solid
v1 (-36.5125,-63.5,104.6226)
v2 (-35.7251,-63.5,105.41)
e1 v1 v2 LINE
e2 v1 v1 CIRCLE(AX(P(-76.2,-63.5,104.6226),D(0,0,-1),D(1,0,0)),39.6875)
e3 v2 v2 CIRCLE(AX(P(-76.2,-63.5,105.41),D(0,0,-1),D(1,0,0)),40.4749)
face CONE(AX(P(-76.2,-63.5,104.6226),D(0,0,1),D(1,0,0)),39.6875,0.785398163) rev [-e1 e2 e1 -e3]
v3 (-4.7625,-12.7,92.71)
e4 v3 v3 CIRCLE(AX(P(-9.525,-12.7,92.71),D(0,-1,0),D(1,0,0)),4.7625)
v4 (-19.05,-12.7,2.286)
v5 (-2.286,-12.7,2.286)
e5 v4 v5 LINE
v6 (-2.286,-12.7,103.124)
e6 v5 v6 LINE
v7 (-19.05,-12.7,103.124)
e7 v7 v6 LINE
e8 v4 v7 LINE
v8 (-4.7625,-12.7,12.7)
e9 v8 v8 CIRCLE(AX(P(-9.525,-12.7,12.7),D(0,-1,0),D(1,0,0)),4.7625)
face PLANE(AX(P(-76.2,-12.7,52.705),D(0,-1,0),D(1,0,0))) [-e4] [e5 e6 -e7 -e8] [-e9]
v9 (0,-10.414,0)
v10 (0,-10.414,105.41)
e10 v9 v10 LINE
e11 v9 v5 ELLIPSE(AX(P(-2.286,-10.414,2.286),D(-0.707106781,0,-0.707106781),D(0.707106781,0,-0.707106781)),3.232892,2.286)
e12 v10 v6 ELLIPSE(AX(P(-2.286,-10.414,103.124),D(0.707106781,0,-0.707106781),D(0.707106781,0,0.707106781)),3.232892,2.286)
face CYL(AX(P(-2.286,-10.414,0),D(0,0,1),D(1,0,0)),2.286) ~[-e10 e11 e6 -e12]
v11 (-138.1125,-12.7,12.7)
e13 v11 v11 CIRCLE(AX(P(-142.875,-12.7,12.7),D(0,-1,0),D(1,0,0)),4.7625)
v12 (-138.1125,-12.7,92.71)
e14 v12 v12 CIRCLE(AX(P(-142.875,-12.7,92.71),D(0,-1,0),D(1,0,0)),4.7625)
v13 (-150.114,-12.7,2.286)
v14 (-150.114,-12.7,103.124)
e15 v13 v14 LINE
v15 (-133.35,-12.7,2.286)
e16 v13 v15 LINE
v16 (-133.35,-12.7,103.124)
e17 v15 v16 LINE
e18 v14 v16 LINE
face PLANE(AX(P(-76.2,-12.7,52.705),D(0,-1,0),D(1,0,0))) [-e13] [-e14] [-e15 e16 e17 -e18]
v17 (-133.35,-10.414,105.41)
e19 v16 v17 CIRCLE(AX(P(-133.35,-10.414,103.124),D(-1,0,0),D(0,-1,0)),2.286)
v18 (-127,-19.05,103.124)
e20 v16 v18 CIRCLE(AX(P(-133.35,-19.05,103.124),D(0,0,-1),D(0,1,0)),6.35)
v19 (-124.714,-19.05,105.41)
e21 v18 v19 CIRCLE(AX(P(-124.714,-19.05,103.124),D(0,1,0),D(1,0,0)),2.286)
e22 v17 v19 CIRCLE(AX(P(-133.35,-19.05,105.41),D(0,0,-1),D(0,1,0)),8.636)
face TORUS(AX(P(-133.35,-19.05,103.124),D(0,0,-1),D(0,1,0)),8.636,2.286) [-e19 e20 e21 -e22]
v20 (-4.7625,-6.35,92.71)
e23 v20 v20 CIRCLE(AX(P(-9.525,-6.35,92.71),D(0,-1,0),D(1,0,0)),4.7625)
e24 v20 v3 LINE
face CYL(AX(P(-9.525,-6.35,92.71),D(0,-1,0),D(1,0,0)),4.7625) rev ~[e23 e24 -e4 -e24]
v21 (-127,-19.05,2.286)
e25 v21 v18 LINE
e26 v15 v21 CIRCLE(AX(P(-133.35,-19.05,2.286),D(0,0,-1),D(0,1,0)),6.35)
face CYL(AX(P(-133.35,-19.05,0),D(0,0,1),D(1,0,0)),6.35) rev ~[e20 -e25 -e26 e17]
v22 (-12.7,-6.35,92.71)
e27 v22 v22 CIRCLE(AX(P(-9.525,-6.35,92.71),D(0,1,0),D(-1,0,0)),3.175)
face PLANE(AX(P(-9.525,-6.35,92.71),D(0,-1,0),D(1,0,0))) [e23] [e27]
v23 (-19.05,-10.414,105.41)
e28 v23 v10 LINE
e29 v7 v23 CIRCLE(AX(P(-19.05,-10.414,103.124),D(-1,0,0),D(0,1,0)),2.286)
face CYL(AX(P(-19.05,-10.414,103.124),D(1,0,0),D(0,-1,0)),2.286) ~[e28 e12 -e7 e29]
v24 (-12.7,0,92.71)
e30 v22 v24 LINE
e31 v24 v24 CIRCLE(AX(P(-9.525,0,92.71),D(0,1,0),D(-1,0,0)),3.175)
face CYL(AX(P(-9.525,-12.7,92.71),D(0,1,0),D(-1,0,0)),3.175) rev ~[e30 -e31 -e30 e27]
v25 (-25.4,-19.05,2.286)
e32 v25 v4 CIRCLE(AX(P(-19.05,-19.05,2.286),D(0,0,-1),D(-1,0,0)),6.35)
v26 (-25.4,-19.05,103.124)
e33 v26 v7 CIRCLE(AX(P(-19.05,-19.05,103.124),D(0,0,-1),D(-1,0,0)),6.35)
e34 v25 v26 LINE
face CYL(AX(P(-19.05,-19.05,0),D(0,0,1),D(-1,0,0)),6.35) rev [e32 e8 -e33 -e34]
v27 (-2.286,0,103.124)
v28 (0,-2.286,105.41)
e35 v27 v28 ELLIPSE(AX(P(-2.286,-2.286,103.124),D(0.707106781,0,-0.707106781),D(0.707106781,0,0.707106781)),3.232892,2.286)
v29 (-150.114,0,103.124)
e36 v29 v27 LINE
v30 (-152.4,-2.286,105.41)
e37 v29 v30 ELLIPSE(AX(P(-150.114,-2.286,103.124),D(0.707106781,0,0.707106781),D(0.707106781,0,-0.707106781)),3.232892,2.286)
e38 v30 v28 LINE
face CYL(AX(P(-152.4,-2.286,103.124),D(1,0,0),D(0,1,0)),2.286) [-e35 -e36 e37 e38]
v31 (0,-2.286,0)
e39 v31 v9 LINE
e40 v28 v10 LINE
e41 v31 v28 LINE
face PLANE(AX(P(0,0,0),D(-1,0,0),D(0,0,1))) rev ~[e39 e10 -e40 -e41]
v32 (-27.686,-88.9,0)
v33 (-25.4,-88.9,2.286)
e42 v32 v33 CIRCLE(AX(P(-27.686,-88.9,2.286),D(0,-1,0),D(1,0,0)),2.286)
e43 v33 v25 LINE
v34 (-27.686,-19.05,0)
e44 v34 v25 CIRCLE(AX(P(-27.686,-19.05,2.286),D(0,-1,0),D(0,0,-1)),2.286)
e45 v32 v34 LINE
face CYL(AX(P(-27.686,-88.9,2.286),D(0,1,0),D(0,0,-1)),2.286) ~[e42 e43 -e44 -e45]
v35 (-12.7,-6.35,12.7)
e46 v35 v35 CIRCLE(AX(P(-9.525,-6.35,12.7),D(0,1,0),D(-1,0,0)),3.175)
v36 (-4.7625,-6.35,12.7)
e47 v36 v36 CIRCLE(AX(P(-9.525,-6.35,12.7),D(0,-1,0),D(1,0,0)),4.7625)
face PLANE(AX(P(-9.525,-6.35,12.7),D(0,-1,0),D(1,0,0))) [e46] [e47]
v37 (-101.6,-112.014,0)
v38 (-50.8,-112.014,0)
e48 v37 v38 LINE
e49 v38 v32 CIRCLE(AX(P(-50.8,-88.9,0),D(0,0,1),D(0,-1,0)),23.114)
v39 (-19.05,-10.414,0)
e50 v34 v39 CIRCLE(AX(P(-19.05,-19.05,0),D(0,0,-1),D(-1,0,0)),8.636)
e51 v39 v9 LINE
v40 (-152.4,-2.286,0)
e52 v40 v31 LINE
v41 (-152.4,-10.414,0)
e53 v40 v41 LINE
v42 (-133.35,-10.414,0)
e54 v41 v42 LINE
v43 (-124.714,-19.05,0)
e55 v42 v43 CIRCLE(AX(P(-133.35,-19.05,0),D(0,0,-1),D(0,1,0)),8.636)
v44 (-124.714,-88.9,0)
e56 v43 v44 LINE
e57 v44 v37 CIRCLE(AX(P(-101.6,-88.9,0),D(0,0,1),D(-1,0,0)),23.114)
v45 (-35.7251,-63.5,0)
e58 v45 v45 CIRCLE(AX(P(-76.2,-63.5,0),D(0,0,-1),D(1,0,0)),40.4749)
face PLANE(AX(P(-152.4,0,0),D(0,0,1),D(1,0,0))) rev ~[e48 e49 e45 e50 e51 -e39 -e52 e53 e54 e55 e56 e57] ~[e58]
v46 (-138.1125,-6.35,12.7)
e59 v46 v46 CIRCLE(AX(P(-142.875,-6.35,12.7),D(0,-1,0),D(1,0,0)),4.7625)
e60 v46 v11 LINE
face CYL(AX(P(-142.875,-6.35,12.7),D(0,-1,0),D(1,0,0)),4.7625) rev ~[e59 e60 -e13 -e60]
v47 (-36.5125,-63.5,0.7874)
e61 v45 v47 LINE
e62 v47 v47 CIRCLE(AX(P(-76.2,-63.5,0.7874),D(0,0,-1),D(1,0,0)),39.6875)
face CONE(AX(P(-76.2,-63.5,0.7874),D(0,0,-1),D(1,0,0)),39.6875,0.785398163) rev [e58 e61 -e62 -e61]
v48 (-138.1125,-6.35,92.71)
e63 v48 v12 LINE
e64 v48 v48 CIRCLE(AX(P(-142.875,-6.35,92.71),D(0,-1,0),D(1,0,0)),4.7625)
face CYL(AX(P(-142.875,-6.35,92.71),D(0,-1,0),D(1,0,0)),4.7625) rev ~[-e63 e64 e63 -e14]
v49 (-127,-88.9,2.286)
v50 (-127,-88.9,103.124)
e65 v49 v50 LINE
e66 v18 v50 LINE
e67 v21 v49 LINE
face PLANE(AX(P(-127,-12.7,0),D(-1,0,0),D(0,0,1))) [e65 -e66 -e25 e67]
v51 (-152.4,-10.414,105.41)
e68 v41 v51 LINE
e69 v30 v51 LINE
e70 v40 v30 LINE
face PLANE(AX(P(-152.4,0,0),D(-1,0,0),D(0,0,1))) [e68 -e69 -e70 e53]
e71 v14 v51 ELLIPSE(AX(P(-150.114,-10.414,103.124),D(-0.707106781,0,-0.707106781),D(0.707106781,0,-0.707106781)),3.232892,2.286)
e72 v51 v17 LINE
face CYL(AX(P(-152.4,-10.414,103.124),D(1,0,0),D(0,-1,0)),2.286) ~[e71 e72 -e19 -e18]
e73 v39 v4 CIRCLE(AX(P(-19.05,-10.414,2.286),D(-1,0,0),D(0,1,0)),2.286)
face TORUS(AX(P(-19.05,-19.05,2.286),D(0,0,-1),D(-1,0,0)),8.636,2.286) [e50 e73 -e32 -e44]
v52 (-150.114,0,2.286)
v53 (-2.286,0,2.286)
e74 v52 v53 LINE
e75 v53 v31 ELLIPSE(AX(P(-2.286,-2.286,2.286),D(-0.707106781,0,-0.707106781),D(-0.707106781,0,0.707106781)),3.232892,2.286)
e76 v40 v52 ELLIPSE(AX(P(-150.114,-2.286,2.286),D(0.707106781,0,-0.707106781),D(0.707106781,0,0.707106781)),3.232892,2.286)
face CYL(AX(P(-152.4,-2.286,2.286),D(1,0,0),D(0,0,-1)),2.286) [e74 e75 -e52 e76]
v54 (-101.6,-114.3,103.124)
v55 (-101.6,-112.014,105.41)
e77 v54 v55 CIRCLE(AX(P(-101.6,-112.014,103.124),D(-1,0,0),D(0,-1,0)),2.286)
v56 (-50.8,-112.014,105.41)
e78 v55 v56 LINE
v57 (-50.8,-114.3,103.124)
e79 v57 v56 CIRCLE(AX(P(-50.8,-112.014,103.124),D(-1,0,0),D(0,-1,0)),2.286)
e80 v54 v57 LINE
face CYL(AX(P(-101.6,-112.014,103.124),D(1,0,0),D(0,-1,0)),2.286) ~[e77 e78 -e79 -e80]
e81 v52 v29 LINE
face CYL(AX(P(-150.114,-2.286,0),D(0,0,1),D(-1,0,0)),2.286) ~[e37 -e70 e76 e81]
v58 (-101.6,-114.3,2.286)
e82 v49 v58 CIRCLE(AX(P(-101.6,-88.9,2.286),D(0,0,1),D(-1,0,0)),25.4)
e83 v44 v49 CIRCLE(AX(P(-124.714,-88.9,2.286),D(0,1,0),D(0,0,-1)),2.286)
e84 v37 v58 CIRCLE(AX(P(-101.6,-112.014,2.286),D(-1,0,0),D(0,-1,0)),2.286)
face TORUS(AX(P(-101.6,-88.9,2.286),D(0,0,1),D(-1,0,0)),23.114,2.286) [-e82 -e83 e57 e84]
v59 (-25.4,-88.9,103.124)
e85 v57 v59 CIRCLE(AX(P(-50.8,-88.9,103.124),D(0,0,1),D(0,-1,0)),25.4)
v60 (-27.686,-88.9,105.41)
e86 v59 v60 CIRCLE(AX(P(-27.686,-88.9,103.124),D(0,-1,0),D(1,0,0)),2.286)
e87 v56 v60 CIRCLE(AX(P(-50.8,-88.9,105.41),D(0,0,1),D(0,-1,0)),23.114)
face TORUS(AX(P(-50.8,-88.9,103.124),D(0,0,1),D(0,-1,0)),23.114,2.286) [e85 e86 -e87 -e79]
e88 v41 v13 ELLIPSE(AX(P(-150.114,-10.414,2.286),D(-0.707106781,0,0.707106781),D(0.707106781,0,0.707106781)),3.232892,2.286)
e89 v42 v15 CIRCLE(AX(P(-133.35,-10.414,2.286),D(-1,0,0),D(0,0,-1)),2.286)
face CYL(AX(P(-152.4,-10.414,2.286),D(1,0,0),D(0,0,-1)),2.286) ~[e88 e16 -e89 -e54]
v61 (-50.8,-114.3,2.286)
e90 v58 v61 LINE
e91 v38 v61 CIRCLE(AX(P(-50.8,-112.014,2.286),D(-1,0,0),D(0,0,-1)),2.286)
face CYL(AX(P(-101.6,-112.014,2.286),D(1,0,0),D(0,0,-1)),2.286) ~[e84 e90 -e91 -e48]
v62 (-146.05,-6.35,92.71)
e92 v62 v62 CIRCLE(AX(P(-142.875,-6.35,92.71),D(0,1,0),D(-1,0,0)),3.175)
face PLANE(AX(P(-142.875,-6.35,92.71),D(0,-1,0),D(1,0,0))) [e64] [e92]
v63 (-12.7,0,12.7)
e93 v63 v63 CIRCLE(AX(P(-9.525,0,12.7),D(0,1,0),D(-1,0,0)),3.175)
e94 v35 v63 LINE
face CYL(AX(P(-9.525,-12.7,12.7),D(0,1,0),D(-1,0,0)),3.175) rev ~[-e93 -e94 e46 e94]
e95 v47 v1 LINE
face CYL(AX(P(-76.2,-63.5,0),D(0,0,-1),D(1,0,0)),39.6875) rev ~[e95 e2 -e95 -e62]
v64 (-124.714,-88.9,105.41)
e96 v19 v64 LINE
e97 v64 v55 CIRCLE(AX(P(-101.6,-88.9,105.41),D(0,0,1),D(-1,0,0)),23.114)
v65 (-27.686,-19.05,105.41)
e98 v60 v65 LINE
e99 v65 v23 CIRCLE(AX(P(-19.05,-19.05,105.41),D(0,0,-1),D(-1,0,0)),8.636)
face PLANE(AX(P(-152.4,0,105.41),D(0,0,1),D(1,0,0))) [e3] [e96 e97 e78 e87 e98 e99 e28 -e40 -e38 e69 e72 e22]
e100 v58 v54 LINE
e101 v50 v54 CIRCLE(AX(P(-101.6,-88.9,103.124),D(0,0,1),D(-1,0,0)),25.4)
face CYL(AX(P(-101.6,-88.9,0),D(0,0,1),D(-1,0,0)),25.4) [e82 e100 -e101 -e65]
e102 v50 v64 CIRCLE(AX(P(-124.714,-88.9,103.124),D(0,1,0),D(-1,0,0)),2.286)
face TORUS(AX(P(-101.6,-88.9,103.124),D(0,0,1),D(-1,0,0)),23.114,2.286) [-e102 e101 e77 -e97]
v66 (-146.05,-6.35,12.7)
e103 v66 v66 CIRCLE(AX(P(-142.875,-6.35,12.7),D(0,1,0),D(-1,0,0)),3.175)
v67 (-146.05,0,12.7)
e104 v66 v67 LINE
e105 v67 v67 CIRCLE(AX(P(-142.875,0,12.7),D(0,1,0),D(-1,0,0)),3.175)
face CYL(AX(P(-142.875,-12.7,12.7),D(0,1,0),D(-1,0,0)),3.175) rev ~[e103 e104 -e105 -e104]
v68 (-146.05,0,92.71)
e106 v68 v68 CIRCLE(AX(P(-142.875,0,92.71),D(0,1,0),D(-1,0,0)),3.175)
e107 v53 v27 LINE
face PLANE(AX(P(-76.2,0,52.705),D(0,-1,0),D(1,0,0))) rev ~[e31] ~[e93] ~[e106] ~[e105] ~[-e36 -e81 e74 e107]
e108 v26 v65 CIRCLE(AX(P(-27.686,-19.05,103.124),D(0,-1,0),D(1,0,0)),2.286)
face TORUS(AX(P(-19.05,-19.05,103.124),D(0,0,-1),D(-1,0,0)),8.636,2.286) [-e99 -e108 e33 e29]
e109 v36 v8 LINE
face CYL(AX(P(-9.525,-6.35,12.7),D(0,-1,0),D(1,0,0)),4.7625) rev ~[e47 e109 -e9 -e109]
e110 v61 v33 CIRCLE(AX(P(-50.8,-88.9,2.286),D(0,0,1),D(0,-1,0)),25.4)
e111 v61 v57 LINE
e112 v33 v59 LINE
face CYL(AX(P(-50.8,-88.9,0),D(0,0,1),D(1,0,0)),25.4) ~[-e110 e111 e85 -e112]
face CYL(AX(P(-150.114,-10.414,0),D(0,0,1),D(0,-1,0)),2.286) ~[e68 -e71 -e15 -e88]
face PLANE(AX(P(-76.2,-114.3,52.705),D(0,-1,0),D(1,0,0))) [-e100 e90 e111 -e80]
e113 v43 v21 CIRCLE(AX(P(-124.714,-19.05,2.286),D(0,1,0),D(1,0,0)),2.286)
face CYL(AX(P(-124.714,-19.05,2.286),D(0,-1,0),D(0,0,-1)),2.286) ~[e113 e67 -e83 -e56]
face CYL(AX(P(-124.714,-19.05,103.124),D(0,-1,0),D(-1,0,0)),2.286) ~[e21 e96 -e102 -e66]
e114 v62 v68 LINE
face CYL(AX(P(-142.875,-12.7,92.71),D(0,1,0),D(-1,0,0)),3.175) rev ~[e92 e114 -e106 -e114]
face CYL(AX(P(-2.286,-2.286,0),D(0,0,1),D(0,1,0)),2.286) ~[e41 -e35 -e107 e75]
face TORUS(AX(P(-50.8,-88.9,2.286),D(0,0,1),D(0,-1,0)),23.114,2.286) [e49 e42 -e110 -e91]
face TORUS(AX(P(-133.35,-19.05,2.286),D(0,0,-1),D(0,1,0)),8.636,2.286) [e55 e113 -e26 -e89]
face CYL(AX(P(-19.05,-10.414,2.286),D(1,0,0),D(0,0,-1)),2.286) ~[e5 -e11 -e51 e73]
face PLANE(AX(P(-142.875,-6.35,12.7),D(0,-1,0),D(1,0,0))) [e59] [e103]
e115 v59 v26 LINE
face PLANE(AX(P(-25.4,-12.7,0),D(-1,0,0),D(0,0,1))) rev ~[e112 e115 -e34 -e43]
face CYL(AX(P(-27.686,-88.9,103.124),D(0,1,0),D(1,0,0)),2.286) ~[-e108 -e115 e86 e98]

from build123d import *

# Parameters (mm, degrees)
F0_W           = 152.4
F0_H           = 105.41
F1_DEPTH       = 12.7
F3_D           = 6.35
F3_CBORE_D     = 9.525
F3_CBORE_DEPTH = 6.35
F4_W           = 101.6
F4_H           = 105.41
F5_DEPTH       = 101.6
F6_R           = 25.4
F7_R           = 6.35
F8_R           = 39.6875
F9_DEPTH       = 105.411
F10_R          = 2.286
F11_SIZE       = 0.7874


with BuildPart() as f1:
    # F0 (on Front) → F1 (new body)
    with BuildSketch(Plane.XZ):
        with Locations((-76.2, 52.705)):
            Rectangle(F0_W, F0_H)
    extrude(amount=F1_DEPTH)

    # F3 (through all)
    with Locations(Plane.XZ.offset(12.7)):
        with Locations((-9.525, 92.71), (-142.875, 92.71), (-9.525, 12.7), (-142.875, 12.7)):
            CounterBoreHole(F3_D / 2, F3_CBORE_D / 2, F3_CBORE_DEPTH)

    # F4 (on face) → F5 (join)
    with BuildSketch(Plane.XZ.offset(12.7)):
        with Locations((-76.2, 52.705)):
            Rectangle(F4_W, F4_H)
    extrude(amount=F5_DEPTH)

    # F6
    f6_edges = [f1.edges().sort_by_distance(p)[0] for p in [
        (-25.4, -114.3, 52.705),
        (-127, -114.3, 52.705),
    ]]
    fillet(f6_edges, radius=F6_R)

    # F7
    f7_edges = [f1.edges().sort_by_distance(p)[0] for p in [
        (-25.4, -12.7, 52.705),
        (-127, -12.7, 52.705),
    ]]
    fillet(f7_edges, radius=F7_R)

    # F8 (on face) → F9 (cut, through all)
    with BuildSketch(Plane(origin=(0, 0, 0), x_dir=(1, 0, 0), z_dir=(0, 0, -1))):
        with Locations((-76.2, 63.5)):
            Circle(F8_R)
    extrude(amount=-F9_DEPTH, mode=Mode.SUBTRACT)

    # F10
    f10_edges = [f1.edges().sort_by_distance(p)[0] for p in [
        (-142.875, -12.7, 0),
        (-9.525, -12.7, 0),
        (0, -12.7, 52.705),
        (-142.875, -12.7, 105.41),
        (-9.525, -12.7, 105.41),
        (-76.2, 0, 105.41),
        (0, 0, 52.705),
        (-152.4, -12.7, 52.705),
        (-152.4, 0, 52.705),
        (-76.2, 0, 0),
    ]]
    fillet(f10_edges, radius=F10_R)

    # F11
    f11_edges = [f1.edges().sort_by_distance(p)[0] for p in [
        (-115.8875, -63.5, 105.41),
        (-115.8875, -63.5, 0),
    ]]
    chamfer(f11_edges, length=F11_SIZE)


solid = f1.part
